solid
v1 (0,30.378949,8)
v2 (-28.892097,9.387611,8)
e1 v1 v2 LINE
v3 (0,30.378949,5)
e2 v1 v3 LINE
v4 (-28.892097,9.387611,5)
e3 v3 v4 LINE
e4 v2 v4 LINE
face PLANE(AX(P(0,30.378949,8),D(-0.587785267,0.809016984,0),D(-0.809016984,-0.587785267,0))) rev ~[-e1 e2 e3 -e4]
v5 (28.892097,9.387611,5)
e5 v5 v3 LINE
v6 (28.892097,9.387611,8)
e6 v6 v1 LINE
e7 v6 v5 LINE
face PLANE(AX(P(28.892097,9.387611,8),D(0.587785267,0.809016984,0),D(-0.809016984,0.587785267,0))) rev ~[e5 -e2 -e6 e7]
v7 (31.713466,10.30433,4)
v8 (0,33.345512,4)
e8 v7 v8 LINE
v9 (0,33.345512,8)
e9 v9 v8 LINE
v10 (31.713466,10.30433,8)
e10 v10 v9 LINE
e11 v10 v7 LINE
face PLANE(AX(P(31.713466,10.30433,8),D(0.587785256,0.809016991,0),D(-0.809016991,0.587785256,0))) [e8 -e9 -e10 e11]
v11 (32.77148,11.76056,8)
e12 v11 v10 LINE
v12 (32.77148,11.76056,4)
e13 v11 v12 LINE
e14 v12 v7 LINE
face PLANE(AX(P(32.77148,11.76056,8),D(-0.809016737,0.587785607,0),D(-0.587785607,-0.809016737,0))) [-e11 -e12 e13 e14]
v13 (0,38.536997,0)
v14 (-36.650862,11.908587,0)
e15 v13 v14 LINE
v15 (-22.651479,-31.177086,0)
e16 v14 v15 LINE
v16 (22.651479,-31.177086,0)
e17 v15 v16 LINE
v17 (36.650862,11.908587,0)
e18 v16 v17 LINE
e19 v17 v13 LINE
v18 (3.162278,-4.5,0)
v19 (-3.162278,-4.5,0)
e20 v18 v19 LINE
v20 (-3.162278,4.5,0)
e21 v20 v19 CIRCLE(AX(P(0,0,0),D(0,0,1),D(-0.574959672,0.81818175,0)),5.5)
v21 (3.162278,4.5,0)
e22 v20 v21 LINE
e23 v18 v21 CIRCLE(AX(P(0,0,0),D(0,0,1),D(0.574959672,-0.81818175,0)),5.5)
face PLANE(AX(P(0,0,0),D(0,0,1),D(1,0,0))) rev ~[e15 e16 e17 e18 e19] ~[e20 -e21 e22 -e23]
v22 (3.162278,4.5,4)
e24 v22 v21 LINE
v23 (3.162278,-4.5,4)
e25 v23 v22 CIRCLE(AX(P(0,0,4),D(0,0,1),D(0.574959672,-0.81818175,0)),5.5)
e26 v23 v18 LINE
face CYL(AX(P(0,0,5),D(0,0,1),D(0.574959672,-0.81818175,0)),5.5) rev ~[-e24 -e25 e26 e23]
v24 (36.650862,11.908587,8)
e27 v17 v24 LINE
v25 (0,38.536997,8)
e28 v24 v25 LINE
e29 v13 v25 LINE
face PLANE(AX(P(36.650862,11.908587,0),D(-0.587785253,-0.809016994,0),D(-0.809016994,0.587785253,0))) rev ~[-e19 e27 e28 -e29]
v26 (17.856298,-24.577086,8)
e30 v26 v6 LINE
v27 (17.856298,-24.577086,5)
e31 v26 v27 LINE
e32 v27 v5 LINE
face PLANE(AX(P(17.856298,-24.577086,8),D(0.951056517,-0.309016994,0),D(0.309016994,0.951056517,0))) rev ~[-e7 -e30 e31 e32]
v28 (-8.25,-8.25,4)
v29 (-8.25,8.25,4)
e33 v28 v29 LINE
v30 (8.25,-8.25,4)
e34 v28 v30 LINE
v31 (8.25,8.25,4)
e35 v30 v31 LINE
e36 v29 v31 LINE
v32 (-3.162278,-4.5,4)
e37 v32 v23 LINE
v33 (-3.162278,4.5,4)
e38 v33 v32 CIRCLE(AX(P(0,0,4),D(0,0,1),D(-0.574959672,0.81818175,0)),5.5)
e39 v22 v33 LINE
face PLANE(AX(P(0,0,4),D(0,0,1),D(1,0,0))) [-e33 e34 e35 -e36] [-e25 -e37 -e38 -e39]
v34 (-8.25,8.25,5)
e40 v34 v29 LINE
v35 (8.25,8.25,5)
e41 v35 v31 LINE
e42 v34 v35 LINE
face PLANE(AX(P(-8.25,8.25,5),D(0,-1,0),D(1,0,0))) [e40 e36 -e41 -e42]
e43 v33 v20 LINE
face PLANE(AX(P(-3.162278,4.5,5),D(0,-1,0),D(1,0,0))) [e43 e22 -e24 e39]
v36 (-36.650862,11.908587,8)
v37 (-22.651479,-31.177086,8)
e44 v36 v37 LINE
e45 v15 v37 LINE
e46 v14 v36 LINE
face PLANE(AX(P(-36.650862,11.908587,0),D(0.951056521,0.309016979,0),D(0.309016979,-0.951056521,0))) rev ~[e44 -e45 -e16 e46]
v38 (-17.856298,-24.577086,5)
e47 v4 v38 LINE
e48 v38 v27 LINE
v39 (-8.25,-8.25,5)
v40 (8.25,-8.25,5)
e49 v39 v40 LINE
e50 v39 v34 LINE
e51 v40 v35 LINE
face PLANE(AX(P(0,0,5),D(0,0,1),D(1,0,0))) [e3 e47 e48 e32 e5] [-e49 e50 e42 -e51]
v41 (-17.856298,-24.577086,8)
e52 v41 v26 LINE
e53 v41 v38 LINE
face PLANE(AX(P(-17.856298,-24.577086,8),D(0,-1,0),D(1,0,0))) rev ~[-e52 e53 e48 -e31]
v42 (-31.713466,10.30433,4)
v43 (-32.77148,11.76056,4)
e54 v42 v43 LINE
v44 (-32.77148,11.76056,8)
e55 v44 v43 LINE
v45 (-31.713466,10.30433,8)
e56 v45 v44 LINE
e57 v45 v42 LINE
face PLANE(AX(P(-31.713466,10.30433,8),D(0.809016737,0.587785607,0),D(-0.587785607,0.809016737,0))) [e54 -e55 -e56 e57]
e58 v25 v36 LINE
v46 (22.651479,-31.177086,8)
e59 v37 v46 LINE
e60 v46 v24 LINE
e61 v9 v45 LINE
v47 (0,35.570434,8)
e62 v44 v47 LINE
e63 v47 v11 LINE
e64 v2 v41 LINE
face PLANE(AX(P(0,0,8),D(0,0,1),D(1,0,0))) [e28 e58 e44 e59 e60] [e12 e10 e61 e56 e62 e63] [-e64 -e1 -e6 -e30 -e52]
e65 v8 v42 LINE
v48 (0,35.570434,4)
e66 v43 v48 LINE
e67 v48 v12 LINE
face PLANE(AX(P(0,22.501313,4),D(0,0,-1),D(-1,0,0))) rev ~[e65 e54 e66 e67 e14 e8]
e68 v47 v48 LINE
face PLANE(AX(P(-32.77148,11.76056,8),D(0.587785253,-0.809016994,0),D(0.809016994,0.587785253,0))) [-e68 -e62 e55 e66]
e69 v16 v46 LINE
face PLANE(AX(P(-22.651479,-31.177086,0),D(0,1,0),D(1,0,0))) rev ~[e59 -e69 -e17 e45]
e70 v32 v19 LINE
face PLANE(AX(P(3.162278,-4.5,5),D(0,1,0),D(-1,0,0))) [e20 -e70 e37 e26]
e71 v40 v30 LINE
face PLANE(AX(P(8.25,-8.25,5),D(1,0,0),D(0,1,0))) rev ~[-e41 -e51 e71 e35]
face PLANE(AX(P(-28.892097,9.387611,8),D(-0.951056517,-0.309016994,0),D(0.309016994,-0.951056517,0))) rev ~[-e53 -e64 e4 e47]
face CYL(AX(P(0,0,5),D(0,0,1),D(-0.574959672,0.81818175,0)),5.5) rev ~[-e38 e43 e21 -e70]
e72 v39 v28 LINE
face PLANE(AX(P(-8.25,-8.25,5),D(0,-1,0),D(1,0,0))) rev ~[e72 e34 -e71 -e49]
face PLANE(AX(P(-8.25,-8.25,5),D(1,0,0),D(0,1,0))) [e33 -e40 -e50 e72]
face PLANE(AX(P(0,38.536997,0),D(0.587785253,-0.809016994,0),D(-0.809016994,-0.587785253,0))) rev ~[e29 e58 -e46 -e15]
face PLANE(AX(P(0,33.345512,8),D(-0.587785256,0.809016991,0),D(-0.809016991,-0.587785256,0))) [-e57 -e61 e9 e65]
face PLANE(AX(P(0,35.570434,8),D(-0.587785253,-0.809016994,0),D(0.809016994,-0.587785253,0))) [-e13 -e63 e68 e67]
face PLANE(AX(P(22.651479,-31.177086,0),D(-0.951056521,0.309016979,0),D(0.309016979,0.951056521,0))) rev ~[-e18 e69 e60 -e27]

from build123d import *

# Parameters (mm, degrees)
PAD_DEPTH       = 8
POCKET_DEPTH    = 4
POCKET001_DEPTH = 3
POCKET002_DEPTH = 5
SKETCH004_W     = 16.5
SKETCH004_H     = 16.5
POCKET003_DEPTH = 1


with BuildPart() as part:
    # Sketch → Pad (new body)
    with BuildSketch(Plane.XY):
        Polygon((0, 38.536997), (-36.650862, 11.908587), (-22.651479, -31.177086), (22.651479, -31.177086), (36.650862, 11.908587), align=None)
    extrude(amount=PAD_DEPTH)

    # Sketch001 (on Face7 of Pad) → Pocket (cut)
    with BuildSketch(Plane.XY.offset(8)):
        Polygon((-32.77148, 11.76056), (0, 35.570434), (32.77148, 11.76056), (31.713466, 10.30433), (0, 33.345512), (-31.713466, 10.30433), align=None)
    extrude(amount=-POCKET_DEPTH, mode=Mode.SUBTRACT)

    # Sketch002 (on Face5 of Pocket) → Pocket001 (cut)
    with BuildSketch(Plane.XY.offset(8)):
        Polygon((0, 30.378949), (-28.892097, 9.387611), (-17.856298, -24.577086), (17.856298, -24.577086), (28.892097, 9.387611), align=None)
    extrude(amount=-POCKET001_DEPTH, mode=Mode.SUBTRACT)

    # Sketch003 (on Face20 of Pocket001) → Pocket002 (cut)
    with BuildSketch(Plane.XY.offset(5)):
        with BuildLine():
            ThreePointArc((-3.162278, 4.5), (-5.5, 0), (-3.162278, -4.5))
            Line((3.162278, -4.5), (-3.162278, -4.5))
            ThreePointArc((3.162278, -4.5), (5.5, 0), (3.162278, 4.5))
            Line((-3.162278, 4.5), (3.162278, 4.5))
        make_face()
    extrude(amount=-POCKET002_DEPTH, mode=Mode.SUBTRACT)

    # Sketch004 (on Face23 of Pocket002) → Pocket003 (cut)
    with BuildSketch(Plane.XY.offset(5)):
        Rectangle(SKETCH004_W, SKETCH004_H)
    extrude(amount=-POCKET003_DEPTH, mode=Mode.SUBTRACT)


solid = part.part
